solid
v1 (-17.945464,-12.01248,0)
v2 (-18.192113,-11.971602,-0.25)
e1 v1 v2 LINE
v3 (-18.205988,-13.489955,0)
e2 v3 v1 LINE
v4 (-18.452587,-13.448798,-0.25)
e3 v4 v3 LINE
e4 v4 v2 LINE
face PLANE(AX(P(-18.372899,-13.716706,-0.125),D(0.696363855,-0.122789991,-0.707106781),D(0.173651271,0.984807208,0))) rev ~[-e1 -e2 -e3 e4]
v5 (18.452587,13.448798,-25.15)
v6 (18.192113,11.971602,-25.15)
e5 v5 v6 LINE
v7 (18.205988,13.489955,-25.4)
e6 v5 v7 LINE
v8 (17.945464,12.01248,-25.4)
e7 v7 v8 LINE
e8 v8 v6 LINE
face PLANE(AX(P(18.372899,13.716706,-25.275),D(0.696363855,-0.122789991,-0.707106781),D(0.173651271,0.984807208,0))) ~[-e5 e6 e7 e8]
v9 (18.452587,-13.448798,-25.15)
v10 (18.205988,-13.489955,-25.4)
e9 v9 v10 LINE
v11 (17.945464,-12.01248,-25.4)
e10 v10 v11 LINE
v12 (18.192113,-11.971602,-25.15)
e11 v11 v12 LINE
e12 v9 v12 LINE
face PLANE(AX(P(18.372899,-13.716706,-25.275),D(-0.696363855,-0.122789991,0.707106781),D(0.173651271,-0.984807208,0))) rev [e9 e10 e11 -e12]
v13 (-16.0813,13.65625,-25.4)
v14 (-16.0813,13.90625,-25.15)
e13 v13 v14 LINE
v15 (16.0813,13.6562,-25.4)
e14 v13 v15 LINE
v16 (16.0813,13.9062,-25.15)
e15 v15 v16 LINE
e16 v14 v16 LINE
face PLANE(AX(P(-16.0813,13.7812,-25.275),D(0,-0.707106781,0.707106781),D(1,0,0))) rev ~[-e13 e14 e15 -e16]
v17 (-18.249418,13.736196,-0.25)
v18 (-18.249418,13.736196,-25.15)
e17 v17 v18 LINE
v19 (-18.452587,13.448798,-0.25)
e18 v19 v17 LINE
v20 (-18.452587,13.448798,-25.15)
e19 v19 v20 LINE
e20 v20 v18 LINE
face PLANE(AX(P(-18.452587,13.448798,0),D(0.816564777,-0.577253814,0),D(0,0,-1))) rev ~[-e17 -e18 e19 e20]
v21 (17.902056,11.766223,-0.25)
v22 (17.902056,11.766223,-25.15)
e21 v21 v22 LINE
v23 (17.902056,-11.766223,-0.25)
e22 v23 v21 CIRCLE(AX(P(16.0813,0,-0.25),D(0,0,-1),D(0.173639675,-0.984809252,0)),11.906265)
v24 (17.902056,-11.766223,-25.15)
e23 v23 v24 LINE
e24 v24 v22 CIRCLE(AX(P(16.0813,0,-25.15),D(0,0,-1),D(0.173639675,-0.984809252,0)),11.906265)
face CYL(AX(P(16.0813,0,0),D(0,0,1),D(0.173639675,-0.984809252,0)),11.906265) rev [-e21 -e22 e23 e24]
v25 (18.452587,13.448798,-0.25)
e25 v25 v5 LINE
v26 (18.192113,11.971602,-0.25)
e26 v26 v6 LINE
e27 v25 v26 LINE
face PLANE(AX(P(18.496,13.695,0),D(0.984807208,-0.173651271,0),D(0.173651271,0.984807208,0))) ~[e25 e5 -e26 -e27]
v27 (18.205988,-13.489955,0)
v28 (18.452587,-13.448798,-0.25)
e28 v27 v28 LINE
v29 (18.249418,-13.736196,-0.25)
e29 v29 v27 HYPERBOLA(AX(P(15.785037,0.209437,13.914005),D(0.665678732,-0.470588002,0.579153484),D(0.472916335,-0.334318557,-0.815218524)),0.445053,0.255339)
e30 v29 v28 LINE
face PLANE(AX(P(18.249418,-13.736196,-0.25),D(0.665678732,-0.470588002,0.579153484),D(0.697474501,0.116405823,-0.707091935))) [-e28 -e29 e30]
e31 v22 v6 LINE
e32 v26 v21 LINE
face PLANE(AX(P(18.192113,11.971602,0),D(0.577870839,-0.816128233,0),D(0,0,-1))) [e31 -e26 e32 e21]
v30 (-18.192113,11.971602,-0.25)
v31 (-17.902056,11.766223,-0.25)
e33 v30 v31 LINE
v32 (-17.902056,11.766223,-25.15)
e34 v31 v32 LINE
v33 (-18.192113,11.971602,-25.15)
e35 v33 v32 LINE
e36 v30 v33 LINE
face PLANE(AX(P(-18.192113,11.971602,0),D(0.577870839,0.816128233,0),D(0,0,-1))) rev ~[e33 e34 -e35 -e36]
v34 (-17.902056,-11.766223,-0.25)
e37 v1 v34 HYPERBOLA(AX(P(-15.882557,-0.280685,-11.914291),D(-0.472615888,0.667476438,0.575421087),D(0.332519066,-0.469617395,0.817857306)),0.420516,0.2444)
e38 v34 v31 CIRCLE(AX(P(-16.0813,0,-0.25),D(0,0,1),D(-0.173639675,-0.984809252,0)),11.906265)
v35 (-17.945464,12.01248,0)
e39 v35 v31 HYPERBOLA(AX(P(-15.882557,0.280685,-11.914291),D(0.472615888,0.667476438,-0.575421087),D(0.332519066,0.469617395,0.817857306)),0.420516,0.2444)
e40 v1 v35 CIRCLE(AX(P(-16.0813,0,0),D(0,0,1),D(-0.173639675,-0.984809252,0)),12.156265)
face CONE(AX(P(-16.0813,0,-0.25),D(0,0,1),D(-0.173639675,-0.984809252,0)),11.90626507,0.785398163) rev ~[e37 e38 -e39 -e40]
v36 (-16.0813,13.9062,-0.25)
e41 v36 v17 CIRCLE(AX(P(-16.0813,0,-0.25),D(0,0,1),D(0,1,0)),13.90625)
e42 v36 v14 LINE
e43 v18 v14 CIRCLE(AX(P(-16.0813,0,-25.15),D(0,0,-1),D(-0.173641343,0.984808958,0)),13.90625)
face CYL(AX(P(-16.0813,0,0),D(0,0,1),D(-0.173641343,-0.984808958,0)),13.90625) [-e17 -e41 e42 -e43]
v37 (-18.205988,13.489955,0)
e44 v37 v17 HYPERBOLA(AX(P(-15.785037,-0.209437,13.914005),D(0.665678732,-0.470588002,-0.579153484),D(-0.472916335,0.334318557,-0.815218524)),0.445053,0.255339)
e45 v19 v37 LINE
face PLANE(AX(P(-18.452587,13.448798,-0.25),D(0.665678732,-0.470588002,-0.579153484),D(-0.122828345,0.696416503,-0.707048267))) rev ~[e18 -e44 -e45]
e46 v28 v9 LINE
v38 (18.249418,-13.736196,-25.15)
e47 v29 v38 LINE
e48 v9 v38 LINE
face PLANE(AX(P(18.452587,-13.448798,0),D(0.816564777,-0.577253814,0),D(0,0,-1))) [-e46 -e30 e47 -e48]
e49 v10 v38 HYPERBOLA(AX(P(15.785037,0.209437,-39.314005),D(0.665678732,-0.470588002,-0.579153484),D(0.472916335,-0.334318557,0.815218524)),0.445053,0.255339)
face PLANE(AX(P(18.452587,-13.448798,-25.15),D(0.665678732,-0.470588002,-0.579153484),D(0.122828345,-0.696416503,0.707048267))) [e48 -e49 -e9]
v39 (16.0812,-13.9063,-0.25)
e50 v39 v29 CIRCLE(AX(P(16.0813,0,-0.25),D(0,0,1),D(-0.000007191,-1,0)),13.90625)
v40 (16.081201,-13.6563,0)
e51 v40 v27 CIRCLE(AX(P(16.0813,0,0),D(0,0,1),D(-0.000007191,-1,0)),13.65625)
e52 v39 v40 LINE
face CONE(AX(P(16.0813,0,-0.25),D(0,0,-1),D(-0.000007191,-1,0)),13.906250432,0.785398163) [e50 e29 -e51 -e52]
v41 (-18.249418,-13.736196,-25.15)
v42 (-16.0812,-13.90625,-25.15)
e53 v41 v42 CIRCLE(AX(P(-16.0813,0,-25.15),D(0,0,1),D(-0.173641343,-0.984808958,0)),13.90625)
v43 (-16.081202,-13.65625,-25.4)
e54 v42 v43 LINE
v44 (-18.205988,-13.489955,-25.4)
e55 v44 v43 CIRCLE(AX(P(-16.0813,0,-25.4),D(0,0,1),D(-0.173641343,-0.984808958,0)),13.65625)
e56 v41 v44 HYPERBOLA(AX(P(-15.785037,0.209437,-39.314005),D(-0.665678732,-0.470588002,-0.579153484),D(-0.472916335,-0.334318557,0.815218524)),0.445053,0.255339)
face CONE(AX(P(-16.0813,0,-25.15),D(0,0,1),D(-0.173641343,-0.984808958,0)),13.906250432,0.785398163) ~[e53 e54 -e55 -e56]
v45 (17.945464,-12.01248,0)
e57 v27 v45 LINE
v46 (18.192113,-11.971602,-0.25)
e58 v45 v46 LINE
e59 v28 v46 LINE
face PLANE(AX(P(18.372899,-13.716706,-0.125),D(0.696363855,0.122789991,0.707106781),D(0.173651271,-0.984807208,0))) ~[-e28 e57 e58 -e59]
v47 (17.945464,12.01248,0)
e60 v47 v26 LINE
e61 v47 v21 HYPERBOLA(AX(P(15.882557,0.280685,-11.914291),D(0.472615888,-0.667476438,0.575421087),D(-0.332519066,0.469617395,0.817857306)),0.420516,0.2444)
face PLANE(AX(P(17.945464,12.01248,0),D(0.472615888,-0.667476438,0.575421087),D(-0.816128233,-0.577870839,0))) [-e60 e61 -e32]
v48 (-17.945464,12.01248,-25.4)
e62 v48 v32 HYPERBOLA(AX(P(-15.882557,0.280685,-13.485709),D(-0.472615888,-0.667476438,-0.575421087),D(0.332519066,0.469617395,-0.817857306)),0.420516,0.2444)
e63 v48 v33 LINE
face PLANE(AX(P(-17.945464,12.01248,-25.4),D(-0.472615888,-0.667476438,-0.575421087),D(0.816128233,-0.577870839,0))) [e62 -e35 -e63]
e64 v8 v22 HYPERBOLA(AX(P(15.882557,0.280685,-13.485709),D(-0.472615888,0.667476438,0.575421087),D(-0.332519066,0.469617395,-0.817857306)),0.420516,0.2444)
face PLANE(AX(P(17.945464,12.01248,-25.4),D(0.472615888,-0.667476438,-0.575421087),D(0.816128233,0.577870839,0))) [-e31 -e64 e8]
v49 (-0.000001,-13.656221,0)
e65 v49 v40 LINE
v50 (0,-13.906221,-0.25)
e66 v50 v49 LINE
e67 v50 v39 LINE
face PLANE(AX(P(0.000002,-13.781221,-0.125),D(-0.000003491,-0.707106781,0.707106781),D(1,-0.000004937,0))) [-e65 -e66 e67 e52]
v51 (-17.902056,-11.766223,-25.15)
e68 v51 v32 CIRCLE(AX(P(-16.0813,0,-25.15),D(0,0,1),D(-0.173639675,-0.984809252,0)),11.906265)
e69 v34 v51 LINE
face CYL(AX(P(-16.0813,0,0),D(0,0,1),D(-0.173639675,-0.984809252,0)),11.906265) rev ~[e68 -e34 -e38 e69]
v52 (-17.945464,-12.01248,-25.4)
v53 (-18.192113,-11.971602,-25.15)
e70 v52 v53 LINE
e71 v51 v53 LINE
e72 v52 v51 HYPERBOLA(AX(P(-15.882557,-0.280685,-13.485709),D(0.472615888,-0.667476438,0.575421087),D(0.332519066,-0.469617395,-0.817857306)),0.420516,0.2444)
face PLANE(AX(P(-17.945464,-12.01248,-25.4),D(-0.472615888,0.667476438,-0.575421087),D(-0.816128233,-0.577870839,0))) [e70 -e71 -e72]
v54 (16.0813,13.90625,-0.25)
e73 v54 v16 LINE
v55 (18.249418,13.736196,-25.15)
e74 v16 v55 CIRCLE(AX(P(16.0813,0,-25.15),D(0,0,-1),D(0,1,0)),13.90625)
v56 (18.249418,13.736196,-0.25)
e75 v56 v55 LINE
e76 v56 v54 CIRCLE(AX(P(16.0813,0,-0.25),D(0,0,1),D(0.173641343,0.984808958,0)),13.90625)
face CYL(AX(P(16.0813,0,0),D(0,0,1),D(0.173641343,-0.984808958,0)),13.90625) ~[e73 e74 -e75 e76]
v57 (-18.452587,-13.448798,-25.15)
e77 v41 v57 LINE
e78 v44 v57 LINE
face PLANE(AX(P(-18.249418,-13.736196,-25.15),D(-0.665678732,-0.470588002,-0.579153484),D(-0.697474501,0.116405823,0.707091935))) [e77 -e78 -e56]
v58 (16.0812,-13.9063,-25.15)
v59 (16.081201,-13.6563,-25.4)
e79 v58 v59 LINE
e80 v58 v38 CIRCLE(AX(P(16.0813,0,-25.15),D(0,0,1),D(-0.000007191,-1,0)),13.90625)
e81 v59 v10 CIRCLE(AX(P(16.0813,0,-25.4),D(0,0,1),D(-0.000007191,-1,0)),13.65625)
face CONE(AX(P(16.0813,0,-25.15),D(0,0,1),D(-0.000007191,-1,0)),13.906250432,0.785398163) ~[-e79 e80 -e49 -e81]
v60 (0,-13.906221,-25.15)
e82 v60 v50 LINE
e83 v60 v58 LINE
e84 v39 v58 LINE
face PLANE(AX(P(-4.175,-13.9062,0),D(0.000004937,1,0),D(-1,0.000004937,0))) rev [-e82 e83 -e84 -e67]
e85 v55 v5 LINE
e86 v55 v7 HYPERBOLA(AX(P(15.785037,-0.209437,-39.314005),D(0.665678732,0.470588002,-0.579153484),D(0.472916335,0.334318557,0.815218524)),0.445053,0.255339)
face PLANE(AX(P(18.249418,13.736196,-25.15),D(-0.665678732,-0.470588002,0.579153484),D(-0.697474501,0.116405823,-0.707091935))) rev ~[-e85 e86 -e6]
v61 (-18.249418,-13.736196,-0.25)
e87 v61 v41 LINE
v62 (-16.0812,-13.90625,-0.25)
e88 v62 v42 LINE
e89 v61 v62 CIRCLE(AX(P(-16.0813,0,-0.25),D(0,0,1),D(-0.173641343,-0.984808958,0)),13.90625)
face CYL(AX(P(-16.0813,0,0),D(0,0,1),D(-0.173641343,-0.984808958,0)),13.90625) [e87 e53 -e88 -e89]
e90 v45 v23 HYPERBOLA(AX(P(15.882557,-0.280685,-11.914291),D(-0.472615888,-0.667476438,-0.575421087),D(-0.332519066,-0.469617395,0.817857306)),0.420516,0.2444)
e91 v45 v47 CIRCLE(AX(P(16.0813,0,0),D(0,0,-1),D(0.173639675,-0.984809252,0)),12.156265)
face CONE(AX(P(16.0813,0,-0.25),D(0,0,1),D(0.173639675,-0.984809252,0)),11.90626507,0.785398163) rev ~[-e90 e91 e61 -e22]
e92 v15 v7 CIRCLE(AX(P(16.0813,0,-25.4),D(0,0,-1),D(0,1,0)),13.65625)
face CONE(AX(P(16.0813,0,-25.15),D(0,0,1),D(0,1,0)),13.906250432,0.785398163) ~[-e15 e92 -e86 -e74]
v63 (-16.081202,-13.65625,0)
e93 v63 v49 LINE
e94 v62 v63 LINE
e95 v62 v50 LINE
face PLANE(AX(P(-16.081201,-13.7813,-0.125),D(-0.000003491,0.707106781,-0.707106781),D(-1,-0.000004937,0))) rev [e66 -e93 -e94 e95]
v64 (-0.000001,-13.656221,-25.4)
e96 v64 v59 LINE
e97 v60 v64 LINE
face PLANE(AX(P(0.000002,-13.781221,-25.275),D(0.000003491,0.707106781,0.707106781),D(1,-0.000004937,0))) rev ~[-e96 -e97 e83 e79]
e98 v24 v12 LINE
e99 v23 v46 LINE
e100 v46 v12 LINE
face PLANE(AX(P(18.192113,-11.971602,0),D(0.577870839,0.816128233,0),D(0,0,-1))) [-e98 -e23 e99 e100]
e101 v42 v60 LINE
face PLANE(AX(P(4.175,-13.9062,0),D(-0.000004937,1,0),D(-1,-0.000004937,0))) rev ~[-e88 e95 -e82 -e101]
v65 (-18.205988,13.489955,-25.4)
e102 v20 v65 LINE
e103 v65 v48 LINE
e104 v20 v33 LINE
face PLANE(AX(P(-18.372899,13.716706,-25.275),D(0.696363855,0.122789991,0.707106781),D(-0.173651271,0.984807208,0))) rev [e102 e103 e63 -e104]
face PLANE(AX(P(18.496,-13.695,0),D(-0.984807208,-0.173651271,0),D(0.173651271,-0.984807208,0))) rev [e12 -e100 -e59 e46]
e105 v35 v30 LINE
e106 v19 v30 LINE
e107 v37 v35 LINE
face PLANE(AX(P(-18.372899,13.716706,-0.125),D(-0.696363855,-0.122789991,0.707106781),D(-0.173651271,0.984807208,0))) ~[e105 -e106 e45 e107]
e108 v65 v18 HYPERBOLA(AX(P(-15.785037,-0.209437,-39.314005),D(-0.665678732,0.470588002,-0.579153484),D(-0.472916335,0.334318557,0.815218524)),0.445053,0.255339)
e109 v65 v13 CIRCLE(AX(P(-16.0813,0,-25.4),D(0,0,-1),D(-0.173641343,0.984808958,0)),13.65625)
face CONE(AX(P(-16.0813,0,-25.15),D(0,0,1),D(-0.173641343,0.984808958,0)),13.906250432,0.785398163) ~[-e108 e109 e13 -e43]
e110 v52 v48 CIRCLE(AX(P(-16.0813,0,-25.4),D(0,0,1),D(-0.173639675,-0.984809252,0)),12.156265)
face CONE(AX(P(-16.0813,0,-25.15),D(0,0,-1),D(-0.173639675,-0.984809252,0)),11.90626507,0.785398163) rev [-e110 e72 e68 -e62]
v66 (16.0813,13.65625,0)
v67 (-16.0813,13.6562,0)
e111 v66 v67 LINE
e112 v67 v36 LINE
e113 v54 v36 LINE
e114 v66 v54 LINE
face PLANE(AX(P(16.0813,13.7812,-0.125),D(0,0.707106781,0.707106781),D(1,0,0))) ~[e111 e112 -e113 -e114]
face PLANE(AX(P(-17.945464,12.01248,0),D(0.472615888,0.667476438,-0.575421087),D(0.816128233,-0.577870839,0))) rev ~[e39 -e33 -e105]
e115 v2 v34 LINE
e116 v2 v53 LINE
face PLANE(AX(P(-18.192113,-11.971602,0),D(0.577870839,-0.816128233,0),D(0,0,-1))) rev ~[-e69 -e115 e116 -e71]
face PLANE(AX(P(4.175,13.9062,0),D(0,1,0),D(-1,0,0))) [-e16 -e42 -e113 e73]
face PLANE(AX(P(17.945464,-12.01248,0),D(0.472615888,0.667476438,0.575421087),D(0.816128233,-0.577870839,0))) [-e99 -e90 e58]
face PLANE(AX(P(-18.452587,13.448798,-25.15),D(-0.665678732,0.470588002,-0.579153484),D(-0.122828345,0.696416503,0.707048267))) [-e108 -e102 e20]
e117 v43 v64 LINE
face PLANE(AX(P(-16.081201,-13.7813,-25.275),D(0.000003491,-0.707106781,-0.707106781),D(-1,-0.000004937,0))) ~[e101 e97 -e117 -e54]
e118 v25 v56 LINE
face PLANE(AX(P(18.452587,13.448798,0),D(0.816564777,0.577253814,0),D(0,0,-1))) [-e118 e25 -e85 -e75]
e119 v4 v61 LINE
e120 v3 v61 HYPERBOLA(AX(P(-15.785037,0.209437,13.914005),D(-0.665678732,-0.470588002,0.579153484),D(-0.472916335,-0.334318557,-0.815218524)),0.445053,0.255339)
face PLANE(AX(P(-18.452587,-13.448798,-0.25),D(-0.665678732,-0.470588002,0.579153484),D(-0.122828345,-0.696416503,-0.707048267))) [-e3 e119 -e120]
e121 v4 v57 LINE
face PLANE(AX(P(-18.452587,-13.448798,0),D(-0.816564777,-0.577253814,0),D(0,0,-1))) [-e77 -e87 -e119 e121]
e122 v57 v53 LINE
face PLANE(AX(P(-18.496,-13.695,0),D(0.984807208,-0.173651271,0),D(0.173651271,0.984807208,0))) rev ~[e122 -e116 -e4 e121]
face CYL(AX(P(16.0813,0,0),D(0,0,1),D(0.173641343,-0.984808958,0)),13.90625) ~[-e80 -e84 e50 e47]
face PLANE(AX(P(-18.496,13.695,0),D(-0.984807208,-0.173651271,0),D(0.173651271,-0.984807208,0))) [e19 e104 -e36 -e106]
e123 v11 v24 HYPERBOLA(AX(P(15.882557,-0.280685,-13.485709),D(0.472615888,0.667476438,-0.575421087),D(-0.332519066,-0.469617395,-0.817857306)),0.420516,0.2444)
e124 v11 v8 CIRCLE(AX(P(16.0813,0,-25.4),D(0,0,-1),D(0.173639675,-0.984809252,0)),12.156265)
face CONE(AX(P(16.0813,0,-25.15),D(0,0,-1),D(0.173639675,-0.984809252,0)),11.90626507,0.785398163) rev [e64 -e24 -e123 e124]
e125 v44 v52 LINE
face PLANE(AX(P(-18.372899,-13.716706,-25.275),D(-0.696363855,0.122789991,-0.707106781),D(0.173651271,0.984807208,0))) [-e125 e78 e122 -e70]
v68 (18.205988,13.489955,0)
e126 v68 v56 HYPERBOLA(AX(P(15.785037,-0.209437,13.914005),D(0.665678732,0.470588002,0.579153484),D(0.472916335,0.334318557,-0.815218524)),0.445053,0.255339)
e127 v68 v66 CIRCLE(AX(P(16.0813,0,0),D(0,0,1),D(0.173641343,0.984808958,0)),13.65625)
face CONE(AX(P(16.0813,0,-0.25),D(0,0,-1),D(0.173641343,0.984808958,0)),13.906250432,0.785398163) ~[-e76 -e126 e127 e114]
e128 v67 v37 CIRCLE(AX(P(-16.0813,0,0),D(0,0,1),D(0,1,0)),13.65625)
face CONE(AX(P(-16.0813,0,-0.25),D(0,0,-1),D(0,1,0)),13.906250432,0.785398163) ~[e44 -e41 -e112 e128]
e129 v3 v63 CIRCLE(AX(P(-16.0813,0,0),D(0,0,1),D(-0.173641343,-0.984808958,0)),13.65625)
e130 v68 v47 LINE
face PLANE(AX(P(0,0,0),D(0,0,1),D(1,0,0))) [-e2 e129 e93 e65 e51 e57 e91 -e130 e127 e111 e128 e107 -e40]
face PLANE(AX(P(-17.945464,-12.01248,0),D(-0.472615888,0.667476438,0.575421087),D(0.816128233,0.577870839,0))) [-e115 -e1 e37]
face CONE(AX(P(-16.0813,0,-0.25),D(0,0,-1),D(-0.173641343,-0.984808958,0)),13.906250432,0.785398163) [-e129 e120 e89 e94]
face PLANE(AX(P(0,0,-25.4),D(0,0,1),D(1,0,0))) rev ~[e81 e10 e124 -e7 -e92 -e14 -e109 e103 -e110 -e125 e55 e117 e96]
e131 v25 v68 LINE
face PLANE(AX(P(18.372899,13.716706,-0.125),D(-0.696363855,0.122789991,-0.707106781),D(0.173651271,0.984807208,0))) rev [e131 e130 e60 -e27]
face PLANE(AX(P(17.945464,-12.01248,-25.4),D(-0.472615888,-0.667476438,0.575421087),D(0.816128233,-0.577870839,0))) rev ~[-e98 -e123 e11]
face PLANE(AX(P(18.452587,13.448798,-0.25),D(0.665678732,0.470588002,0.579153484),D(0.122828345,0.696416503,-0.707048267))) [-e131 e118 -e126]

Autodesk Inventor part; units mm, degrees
ref_plane "YZ Plane" through (0, 0, 0) normal (1, 0, 0) x (0, 1, 0)
ref_plane "XZ Plane" through (0, 0, 0) normal (0, 1, 0) x (-1, 0, 0)
ref_plane "XY Plane" through (0, 0, 0) normal (0, 0, 1) x (1, 0, 0)
sketch "Sketch2" plane through (0, 0, 0) normal (0, 0, 1) x (1, 0, 0)
  arc A0 (-18.496, -13.695) -> (-18.496, 13.695) centre (-16.0813, 0) ccw
  arc A1 (-18.1487, -11.7254) -> (-18.1487, 11.7254) centre (-16.0813, 0) ccw
  line L0 (-16.0813, 0) -> (-18.496, 13.695) construction
  line L1 (-16.0813, 0) -> (-18.496, -13.695) construction
  line L2 (-18.496, 13.695) -> (-18.1487, 11.7254)
  line L3 (-18.496, -13.695) -> (-18.1487, -11.7254)
  line L4 (4.175, 13.9062) -> (4.175, -13.9062)
  line L5 (4.175, 13.9062) -> (-16.0813, 13.9062)
  line L6 (4.175, -13.9062) -> (-16.0812, -13.9063)
  line L7 (-2.175, 13.9062) -> (-2.175, -13.9062) construction
  line L8 (-4.175, 0) -> (4.175, 0) construction
  point P0 (0, 0)
  point P1 (0, 0)
  point P2 (0, 0)
  dimension "d3" = 160
  dimension "d4" = 11.9062
  dimension "d5" = 2
  dimension "d8" = 6.35
extrude "Extrusion1" add sketch "Sketch2" against normal blind 25.4
mirror "Mirror2" about plane through (0, 0, 0) normal (1, 0, 0) of "Extrusion1"
chamfer "Chamfer1" distance 0.25 angle 45 32 edges at (-4.175, 0, 0) (-18.496, -13.695, -12.7) (-18.1487, -11.7254, -12.7) (18.496, -13.695, -12.7) (18.1487, -11.7254, -12.7) (4.175, 0, 0) (18.1487, 11.7254, -12.7) (4.175, 0, -25.4) (-4.175, 0, -25.4) (-18.496, 13.695, -12.7) (-18.1487, 11.7254, -12.7) (0, 13.9062, 0) (-17.2933, 13.8533, 0) (17.2933, 13.8533, 0) (-18.3224, 12.7102, 0) (18.3224, 12.7102, 0) (18.3224, -12.7102, 0) (-17.2933, -13.8533, 0) (0, -13.9063, 0) (17.2933, -13.8533, 0) (-18.3224, -12.7102, 0) (-18.3224, -12.7102, -25.4) (-17.2933, -13.8533, -25.4) (0, -13.9063, -25.4) (17.2933, -13.8533, -25.4) (18.3224, -12.7102, -25.4) (18.3224, 12.7102, -25.4) (18.496, 13.695, -12.7) (0, 13.9062, -25.4) (17.2933, 13.8533, -25.4) (-17.2933, 13.8533, -25.4) (-18.3224, 12.7102, -25.4)
ref_plane "Work Plane3" through (0, 0, 0) normal (1, 0, 0) x (0, 1, 0)
equation "\"d3\" = angle"
equation "\"d5\" = thickness"
equation "\"angle\" = 160deg"
equation "\"thickness\" = 2"
properties part number "two-sided-01"
